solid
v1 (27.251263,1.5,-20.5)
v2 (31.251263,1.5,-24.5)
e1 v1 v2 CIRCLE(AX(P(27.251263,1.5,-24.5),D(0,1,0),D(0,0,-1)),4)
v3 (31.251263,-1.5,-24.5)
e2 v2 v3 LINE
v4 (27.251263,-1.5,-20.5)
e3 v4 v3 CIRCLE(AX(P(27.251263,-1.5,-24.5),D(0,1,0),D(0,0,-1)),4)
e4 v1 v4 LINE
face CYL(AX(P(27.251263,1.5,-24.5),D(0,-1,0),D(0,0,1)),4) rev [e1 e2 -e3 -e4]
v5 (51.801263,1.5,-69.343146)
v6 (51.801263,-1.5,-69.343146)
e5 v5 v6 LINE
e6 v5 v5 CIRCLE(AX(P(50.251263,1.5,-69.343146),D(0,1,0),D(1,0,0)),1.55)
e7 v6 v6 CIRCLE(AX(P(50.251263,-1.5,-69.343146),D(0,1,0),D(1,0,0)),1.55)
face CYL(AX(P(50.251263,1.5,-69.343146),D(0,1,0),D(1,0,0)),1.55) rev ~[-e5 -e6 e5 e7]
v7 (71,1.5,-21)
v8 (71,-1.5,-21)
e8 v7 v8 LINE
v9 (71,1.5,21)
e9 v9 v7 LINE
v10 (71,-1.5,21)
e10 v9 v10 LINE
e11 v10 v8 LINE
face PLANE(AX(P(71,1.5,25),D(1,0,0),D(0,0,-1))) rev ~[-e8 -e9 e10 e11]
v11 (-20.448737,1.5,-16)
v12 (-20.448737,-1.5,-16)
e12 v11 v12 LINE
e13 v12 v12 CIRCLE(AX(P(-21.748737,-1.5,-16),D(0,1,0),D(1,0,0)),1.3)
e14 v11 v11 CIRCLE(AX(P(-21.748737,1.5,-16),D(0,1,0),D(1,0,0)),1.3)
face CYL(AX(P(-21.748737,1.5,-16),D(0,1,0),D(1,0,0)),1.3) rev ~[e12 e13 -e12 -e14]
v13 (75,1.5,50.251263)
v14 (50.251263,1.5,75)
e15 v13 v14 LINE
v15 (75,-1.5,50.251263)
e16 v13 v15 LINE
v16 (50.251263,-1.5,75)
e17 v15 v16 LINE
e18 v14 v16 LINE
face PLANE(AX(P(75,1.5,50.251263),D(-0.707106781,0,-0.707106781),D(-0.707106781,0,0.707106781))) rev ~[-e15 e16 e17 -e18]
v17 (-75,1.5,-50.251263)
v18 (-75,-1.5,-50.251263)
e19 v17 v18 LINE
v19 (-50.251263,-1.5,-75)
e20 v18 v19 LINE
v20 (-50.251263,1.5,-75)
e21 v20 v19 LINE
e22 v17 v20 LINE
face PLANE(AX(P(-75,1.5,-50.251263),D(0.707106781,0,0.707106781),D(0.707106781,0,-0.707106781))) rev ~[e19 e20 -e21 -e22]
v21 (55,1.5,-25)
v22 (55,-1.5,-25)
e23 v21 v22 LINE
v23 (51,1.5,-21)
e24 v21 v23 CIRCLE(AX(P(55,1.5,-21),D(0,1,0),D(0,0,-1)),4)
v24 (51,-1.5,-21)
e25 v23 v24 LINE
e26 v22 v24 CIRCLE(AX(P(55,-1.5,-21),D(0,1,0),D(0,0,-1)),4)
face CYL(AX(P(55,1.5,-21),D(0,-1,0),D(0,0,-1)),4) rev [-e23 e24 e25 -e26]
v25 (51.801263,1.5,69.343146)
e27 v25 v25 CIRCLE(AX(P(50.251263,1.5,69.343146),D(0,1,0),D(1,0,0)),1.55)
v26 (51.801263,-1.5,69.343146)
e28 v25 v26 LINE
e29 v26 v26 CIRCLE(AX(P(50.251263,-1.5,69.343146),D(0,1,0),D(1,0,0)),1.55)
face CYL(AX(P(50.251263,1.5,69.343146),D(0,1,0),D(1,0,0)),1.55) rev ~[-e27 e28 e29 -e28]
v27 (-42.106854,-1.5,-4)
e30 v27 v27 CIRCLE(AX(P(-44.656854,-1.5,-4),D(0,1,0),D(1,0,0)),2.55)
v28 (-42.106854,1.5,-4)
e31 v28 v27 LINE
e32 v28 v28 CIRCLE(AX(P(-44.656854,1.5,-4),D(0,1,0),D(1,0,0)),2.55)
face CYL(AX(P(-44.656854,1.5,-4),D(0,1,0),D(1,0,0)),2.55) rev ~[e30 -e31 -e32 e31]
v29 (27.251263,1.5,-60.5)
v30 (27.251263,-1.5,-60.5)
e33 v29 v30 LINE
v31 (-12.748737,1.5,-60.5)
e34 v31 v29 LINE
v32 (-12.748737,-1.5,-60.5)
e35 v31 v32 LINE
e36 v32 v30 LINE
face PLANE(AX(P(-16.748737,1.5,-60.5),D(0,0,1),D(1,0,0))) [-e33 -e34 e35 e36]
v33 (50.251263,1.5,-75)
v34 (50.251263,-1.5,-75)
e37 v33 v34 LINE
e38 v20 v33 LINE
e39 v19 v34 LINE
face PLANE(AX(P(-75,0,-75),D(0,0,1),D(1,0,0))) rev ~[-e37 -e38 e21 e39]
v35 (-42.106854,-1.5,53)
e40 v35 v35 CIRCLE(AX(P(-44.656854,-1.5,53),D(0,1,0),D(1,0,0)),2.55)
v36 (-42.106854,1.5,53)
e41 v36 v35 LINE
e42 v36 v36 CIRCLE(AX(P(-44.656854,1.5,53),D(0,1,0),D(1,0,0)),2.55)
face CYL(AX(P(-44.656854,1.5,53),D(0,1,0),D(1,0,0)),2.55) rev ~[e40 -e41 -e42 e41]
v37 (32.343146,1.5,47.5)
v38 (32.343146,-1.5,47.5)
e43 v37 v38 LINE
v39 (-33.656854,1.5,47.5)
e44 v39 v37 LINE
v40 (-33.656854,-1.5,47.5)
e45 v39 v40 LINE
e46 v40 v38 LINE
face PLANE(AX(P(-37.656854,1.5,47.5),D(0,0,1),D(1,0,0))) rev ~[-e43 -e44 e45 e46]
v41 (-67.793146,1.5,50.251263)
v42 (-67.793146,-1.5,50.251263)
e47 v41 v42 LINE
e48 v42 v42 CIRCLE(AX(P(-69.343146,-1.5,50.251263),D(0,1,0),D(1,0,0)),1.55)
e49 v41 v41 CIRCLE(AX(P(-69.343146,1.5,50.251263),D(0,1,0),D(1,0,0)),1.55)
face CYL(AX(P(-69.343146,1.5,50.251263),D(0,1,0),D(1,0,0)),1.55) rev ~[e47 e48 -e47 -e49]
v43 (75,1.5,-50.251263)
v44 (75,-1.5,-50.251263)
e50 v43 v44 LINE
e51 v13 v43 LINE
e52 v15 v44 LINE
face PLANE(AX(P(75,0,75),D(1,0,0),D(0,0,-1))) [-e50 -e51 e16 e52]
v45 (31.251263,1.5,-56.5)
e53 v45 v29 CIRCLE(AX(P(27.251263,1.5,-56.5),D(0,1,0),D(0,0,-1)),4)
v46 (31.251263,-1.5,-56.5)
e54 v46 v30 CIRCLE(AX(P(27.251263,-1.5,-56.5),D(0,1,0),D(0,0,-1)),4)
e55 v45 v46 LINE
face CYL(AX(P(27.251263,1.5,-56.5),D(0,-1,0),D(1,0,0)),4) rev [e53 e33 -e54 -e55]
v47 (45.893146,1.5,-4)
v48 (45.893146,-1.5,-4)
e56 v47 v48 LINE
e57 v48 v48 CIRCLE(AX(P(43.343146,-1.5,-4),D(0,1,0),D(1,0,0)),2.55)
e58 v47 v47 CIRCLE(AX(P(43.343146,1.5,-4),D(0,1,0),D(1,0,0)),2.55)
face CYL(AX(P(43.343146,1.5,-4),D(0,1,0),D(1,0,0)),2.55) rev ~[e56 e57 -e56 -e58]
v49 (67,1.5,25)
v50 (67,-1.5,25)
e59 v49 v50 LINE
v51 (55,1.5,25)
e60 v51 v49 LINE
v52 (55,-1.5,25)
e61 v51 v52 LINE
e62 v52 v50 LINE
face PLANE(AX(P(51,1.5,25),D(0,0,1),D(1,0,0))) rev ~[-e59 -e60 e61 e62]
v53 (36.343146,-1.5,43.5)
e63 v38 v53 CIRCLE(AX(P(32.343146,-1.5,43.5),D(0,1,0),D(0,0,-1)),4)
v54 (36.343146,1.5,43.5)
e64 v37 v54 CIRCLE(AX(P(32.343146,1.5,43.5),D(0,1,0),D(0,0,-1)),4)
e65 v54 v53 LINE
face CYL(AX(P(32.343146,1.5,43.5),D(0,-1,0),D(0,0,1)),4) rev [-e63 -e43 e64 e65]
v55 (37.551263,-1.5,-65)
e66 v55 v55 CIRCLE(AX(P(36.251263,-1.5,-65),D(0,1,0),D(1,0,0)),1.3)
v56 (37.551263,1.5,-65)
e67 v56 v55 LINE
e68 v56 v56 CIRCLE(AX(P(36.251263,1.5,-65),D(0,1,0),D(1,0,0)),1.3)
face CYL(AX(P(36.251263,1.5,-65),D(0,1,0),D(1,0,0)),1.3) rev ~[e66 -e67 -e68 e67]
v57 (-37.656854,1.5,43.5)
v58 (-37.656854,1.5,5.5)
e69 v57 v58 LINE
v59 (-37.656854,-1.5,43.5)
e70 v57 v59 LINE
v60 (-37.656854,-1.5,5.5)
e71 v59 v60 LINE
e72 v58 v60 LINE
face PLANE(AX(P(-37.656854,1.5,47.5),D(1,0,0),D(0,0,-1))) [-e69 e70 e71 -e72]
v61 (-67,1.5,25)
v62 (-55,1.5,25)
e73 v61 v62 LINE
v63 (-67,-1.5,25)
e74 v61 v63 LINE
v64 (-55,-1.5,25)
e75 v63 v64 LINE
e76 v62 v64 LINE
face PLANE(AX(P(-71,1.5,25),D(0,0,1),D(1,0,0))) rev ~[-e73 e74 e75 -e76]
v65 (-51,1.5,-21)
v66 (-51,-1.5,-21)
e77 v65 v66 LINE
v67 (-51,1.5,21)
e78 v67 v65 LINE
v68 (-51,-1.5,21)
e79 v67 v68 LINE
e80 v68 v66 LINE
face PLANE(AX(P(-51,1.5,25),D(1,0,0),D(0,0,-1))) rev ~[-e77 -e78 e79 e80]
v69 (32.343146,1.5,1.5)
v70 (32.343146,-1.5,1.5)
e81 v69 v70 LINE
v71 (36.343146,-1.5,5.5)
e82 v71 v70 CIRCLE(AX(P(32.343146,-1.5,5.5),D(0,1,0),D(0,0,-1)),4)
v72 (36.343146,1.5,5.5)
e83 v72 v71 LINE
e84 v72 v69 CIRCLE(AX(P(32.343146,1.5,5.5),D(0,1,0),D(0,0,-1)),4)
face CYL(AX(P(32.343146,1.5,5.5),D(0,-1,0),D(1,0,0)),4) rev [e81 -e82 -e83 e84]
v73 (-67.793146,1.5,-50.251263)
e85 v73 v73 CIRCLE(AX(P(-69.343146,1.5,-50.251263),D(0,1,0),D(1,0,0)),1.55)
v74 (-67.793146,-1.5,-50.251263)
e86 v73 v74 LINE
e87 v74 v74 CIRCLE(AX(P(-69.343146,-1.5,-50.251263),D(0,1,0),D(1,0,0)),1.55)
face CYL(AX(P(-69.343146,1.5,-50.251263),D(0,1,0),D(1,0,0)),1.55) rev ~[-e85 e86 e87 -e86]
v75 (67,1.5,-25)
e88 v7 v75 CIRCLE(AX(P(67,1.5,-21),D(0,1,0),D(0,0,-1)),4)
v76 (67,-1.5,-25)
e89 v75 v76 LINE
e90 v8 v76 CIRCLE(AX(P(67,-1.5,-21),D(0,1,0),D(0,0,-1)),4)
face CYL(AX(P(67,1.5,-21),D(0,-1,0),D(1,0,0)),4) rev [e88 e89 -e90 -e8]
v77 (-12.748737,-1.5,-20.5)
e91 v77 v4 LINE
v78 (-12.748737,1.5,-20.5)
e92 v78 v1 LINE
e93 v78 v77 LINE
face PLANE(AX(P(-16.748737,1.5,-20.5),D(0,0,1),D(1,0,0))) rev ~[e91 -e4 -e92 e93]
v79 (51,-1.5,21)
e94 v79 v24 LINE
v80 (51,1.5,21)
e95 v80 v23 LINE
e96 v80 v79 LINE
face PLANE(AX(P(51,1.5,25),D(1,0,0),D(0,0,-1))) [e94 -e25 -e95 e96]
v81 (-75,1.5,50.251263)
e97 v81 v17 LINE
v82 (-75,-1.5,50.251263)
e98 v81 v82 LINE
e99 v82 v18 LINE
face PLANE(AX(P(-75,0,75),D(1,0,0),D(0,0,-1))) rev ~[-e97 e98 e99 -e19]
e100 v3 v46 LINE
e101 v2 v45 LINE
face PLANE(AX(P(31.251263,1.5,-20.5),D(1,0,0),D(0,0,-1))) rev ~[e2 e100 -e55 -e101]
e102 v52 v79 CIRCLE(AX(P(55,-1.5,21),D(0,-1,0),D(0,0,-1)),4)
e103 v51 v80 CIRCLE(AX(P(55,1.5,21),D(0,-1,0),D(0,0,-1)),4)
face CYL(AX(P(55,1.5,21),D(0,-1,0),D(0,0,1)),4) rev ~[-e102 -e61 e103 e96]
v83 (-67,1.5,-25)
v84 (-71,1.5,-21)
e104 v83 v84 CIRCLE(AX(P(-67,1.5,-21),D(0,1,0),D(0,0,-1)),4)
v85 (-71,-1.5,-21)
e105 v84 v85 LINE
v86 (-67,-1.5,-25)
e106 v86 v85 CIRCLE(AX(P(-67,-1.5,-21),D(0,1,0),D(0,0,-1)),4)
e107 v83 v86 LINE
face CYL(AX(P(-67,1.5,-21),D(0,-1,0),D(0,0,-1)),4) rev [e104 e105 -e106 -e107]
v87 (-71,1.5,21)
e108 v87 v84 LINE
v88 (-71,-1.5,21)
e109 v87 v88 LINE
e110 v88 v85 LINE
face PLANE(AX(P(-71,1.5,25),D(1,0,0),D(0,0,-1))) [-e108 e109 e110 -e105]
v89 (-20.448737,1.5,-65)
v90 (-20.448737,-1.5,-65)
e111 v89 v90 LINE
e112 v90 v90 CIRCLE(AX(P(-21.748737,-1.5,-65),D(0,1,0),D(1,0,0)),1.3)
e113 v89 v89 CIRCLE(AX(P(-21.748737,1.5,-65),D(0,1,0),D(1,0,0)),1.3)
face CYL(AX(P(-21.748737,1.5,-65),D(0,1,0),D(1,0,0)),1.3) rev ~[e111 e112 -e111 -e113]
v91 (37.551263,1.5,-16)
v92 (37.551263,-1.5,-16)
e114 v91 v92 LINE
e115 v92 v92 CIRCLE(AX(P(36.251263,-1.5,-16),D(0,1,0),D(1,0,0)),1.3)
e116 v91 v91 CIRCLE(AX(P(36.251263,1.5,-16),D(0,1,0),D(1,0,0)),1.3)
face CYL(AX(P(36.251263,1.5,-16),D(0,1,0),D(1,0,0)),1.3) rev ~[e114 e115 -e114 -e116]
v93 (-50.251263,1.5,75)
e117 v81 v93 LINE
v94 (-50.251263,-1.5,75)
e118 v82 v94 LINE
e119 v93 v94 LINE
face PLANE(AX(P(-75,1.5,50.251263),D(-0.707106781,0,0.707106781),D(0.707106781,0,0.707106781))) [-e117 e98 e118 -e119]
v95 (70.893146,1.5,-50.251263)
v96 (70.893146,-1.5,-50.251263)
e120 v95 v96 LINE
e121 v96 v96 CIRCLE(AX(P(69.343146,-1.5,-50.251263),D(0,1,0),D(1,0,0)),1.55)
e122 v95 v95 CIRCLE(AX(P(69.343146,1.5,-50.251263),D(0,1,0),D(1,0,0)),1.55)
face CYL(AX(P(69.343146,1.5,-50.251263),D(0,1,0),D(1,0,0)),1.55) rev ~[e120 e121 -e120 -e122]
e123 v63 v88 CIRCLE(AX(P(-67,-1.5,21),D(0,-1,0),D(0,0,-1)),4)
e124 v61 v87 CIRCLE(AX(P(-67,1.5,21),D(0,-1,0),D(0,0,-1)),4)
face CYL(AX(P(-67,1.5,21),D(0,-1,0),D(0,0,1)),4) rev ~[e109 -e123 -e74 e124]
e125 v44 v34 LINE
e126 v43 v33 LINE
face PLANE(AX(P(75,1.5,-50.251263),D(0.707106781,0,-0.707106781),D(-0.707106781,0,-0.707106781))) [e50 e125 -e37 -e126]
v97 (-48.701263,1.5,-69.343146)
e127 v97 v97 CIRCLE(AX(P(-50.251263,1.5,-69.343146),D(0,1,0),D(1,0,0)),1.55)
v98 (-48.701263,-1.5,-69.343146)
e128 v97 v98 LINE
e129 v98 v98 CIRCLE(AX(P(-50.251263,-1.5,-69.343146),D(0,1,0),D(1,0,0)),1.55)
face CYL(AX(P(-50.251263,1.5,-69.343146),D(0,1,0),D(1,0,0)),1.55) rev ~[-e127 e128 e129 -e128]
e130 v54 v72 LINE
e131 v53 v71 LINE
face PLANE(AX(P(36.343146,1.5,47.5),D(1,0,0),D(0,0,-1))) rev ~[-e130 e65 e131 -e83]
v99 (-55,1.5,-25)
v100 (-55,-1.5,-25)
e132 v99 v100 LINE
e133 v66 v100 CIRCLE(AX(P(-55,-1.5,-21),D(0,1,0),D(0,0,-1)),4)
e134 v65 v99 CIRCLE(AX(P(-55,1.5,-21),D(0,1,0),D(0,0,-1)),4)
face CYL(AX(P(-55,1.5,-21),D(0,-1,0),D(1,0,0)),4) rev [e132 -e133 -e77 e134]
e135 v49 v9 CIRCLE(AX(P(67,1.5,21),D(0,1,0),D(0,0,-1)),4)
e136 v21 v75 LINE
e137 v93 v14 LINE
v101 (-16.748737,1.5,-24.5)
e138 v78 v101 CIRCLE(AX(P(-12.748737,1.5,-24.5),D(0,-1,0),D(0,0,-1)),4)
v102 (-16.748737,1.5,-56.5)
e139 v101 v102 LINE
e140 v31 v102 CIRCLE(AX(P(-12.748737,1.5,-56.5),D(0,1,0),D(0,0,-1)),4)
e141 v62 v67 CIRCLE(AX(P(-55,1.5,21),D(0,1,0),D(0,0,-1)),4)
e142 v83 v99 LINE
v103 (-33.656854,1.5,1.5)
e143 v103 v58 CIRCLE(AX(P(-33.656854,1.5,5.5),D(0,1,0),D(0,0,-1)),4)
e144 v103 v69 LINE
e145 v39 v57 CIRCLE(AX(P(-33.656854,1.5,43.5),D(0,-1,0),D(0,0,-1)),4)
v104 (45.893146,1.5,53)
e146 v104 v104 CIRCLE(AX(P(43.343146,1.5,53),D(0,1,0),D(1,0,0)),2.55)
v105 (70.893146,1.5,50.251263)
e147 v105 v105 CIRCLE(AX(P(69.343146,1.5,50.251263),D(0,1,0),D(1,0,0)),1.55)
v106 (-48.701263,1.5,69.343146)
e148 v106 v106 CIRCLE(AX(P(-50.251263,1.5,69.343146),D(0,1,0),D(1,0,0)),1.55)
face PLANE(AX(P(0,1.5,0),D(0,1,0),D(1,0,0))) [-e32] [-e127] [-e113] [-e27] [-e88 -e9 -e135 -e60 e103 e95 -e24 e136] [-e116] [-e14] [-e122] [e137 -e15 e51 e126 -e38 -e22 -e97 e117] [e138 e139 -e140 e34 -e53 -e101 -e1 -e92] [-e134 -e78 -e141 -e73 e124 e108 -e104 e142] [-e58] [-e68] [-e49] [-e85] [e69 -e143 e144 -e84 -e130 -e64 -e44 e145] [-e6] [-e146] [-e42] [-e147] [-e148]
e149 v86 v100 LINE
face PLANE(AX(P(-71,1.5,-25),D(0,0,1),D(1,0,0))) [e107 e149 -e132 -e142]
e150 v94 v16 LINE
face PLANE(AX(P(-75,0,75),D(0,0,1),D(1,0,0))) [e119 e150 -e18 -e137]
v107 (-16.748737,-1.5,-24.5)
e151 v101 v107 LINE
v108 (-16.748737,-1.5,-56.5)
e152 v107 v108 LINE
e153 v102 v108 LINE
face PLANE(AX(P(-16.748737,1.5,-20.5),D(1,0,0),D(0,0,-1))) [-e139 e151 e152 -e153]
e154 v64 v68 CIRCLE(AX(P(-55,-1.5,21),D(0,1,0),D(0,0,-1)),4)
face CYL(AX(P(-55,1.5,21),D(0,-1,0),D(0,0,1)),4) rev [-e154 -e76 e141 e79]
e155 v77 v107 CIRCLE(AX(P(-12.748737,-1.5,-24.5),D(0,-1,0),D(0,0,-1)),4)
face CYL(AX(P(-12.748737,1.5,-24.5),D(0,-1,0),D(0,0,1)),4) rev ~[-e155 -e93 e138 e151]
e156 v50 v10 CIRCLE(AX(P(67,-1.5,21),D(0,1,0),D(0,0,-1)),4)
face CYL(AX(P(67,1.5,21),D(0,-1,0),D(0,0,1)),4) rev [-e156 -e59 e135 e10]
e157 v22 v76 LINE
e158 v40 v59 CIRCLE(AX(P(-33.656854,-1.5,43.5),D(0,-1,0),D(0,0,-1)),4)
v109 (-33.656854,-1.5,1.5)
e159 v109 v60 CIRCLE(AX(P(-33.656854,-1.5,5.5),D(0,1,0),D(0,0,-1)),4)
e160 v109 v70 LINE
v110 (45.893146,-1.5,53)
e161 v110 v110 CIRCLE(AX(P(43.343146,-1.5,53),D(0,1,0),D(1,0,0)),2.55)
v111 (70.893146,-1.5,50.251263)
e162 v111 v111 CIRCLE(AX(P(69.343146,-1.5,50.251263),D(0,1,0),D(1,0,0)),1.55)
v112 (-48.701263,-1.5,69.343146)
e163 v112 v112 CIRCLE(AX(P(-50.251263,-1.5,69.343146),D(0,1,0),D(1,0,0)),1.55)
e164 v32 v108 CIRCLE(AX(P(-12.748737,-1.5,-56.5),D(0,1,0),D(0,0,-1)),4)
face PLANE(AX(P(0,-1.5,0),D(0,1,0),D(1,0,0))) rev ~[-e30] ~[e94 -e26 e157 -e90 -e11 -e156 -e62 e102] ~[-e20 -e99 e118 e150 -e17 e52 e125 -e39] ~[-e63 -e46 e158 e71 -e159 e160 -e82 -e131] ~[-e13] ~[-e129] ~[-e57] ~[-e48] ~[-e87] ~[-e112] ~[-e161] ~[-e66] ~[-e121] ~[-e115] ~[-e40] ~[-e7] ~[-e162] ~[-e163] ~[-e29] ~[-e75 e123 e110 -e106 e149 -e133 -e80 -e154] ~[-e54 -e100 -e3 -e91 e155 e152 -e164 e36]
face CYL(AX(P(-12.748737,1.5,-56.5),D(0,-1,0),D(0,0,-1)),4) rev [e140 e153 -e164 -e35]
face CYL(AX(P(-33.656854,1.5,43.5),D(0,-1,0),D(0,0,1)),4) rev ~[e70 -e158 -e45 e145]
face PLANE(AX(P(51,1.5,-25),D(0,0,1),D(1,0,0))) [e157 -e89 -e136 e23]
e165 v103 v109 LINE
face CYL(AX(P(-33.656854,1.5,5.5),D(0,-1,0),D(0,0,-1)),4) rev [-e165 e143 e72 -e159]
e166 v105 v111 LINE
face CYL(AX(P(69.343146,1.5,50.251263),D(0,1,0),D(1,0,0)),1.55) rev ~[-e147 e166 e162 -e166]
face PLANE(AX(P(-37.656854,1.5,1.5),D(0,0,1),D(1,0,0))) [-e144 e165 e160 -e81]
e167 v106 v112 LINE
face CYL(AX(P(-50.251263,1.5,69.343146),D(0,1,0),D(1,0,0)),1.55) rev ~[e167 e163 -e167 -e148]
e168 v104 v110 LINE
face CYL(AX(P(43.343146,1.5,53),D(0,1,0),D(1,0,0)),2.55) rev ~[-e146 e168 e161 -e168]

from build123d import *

# Parameters (mm, degrees)
SKETCH1_W           = 150
SKETCH1_H           = 150
BOSS_EXTRUDE1_DEPTH = 1.5
CUT_EXTRUDE1_DEPTH  = 3
SKETCH3_R           = 1.55
CUT_EXTRUDE2_DEPTH  = 3
SKETCH6_R           = 1.3
SKETCH6_R_2         = 2.55
CUT_EXTRUDE9_DEPTH  = 3
SKETCH7_W           = 20
SKETCH7_H           = 50
SKETCH7_W_2         = 48
SKETCH7_H_2         = 40
SKETCH7_W_3         = 74
SKETCH7_H_3         = 46
CUT_EXTRUDE10_DEPTH = 3
FILLET1_R           = 4


with BuildPart() as part:
    # Sketch1 → Boss-Extrude1 (new body, symmetric)
    with BuildSketch(Plane(origin=(0, 0, 0), x_dir=(1, 0, 0), z_dir=(0, 1, 0))):
        Rectangle(SKETCH1_W, SKETCH1_H)
    extrude(amount=BOSS_EXTRUDE1_DEPTH, both=True)

    # Sketch2 → Cut-Extrude1 (cut)
    with BuildSketch(Plane(origin=(0, 1.5, 0), x_dir=(1, 0, 0), z_dir=(0, 1, 0))):
        Polygon((50.251262658, 75), (75, 75), (75, 50.251262658), align=None)
        Polygon((-75, 75), (-75, 50.251262658), (-50.251262658, 75), align=None)
        Polygon((-50.251262658, -75), (-75, -75), (-75, -50.251262658), align=None)
        Polygon((75, -75), (75, -50.251262658), (50.251262658, -75), align=None)
    extrude(amount=-CUT_EXTRUDE1_DEPTH, mode=Mode.SUBTRACT)

    # Sketch3 → Cut-Extrude2 (cut)
    with BuildSketch(Plane(origin=(0, 1.5, 0), x_dir=(1, 0, 0), z_dir=(0, 1, 0))):
        with Locations((69.343145751, 50.251262658)):
            Circle(SKETCH3_R)
        with Locations((50.251262658, 69.343145751)):
            Circle(SKETCH3_R)
        with Locations((-69.343145751, 50.251262658)):
            Circle(SKETCH3_R)
        with Locations((-50.251262658, 69.343145751)):
            Circle(SKETCH3_R)
        with Locations((-69.343145751, -50.251262658)):
            Circle(SKETCH3_R)
        with Locations((-50.251262658, -69.343145751)):
            Circle(SKETCH3_R)
        with Locations((69.343145751, -50.251262658)):
            Circle(SKETCH3_R)
        with Locations((50.251262658, -69.343145751)):
            Circle(SKETCH3_R)
    extrude(amount=-CUT_EXTRUDE2_DEPTH, mode=Mode.SUBTRACT)

    # Sketch6 → Cut-Extrude9 (cut)
    with BuildSketch(Plane(origin=(0, 1.5, 0), x_dir=(1, 0, 0), z_dir=(0, 1, 0))):
        with Locations((36.251262658, 16)):
            Circle(SKETCH6_R)
        with Locations((-21.748737342, 16)):
            Circle(SKETCH6_R)
        with Locations((36.251262658, 65)):
            Circle(SKETCH6_R)
        with Locations((-21.748737342, 65)):
            Circle(SKETCH6_R)
        with Locations((-44.656854249, 4)):
            Circle(SKETCH6_R_2)
        with Locations((-44.656854249, -53)):
            Circle(SKETCH6_R_2)
        with Locations((43.343145751, 4)):
            Circle(SKETCH6_R_2)
        with Locations((43.343145751, -53)):
            Circle(SKETCH6_R_2)
    extrude(amount=-CUT_EXTRUDE9_DEPTH, mode=Mode.SUBTRACT)

    # Sketch7 → Cut-Extrude10 (cut)
    with BuildSketch(Plane(origin=(0, 1.5, 0), x_dir=(1, 0, 0), z_dir=(0, 1, 0))):
        with Locations((61, 0)):
            Rectangle(SKETCH7_W, SKETCH7_H)
        with Locations((-61, 0)):
            Rectangle(SKETCH7_W, SKETCH7_H)
        with Locations((7.251262658, 40.5)):
            Rectangle(SKETCH7_W_2, SKETCH7_H_2)
        with Locations((-0.656854249, -24.5)):
            Rectangle(SKETCH7_W_3, SKETCH7_H_3)
    extrude(amount=-CUT_EXTRUDE10_DEPTH, mode=Mode.SUBTRACT)

    # Fillet1
    fillet1_edges = [part.edges().sort_by_distance(p)[0] for p in [
        (51, 0, 25),
        (51, 0, -25),
        (71, 0, -25),
        (71, 0, 25),
        (36.343145751, 0, 1.5),
        (36.343145751, 0, 47.5),
        (-37.656854249, 0, 47.5),
        (-37.656854249, 0, 1.5),
        (31.251262658, 0, -60.5),
        (31.251262658, 0, -20.5),
        (-16.748737342, 0, -20.5),
        (-16.748737342, 0, -60.5),
        (-71, 0, 25),
        (-71, 0, -25),
        (-51, 0, -25),
        (-51, 0, 25),
    ]]
    fillet(fillet1_edges, radius=FILLET1_R)


solid = part.part
